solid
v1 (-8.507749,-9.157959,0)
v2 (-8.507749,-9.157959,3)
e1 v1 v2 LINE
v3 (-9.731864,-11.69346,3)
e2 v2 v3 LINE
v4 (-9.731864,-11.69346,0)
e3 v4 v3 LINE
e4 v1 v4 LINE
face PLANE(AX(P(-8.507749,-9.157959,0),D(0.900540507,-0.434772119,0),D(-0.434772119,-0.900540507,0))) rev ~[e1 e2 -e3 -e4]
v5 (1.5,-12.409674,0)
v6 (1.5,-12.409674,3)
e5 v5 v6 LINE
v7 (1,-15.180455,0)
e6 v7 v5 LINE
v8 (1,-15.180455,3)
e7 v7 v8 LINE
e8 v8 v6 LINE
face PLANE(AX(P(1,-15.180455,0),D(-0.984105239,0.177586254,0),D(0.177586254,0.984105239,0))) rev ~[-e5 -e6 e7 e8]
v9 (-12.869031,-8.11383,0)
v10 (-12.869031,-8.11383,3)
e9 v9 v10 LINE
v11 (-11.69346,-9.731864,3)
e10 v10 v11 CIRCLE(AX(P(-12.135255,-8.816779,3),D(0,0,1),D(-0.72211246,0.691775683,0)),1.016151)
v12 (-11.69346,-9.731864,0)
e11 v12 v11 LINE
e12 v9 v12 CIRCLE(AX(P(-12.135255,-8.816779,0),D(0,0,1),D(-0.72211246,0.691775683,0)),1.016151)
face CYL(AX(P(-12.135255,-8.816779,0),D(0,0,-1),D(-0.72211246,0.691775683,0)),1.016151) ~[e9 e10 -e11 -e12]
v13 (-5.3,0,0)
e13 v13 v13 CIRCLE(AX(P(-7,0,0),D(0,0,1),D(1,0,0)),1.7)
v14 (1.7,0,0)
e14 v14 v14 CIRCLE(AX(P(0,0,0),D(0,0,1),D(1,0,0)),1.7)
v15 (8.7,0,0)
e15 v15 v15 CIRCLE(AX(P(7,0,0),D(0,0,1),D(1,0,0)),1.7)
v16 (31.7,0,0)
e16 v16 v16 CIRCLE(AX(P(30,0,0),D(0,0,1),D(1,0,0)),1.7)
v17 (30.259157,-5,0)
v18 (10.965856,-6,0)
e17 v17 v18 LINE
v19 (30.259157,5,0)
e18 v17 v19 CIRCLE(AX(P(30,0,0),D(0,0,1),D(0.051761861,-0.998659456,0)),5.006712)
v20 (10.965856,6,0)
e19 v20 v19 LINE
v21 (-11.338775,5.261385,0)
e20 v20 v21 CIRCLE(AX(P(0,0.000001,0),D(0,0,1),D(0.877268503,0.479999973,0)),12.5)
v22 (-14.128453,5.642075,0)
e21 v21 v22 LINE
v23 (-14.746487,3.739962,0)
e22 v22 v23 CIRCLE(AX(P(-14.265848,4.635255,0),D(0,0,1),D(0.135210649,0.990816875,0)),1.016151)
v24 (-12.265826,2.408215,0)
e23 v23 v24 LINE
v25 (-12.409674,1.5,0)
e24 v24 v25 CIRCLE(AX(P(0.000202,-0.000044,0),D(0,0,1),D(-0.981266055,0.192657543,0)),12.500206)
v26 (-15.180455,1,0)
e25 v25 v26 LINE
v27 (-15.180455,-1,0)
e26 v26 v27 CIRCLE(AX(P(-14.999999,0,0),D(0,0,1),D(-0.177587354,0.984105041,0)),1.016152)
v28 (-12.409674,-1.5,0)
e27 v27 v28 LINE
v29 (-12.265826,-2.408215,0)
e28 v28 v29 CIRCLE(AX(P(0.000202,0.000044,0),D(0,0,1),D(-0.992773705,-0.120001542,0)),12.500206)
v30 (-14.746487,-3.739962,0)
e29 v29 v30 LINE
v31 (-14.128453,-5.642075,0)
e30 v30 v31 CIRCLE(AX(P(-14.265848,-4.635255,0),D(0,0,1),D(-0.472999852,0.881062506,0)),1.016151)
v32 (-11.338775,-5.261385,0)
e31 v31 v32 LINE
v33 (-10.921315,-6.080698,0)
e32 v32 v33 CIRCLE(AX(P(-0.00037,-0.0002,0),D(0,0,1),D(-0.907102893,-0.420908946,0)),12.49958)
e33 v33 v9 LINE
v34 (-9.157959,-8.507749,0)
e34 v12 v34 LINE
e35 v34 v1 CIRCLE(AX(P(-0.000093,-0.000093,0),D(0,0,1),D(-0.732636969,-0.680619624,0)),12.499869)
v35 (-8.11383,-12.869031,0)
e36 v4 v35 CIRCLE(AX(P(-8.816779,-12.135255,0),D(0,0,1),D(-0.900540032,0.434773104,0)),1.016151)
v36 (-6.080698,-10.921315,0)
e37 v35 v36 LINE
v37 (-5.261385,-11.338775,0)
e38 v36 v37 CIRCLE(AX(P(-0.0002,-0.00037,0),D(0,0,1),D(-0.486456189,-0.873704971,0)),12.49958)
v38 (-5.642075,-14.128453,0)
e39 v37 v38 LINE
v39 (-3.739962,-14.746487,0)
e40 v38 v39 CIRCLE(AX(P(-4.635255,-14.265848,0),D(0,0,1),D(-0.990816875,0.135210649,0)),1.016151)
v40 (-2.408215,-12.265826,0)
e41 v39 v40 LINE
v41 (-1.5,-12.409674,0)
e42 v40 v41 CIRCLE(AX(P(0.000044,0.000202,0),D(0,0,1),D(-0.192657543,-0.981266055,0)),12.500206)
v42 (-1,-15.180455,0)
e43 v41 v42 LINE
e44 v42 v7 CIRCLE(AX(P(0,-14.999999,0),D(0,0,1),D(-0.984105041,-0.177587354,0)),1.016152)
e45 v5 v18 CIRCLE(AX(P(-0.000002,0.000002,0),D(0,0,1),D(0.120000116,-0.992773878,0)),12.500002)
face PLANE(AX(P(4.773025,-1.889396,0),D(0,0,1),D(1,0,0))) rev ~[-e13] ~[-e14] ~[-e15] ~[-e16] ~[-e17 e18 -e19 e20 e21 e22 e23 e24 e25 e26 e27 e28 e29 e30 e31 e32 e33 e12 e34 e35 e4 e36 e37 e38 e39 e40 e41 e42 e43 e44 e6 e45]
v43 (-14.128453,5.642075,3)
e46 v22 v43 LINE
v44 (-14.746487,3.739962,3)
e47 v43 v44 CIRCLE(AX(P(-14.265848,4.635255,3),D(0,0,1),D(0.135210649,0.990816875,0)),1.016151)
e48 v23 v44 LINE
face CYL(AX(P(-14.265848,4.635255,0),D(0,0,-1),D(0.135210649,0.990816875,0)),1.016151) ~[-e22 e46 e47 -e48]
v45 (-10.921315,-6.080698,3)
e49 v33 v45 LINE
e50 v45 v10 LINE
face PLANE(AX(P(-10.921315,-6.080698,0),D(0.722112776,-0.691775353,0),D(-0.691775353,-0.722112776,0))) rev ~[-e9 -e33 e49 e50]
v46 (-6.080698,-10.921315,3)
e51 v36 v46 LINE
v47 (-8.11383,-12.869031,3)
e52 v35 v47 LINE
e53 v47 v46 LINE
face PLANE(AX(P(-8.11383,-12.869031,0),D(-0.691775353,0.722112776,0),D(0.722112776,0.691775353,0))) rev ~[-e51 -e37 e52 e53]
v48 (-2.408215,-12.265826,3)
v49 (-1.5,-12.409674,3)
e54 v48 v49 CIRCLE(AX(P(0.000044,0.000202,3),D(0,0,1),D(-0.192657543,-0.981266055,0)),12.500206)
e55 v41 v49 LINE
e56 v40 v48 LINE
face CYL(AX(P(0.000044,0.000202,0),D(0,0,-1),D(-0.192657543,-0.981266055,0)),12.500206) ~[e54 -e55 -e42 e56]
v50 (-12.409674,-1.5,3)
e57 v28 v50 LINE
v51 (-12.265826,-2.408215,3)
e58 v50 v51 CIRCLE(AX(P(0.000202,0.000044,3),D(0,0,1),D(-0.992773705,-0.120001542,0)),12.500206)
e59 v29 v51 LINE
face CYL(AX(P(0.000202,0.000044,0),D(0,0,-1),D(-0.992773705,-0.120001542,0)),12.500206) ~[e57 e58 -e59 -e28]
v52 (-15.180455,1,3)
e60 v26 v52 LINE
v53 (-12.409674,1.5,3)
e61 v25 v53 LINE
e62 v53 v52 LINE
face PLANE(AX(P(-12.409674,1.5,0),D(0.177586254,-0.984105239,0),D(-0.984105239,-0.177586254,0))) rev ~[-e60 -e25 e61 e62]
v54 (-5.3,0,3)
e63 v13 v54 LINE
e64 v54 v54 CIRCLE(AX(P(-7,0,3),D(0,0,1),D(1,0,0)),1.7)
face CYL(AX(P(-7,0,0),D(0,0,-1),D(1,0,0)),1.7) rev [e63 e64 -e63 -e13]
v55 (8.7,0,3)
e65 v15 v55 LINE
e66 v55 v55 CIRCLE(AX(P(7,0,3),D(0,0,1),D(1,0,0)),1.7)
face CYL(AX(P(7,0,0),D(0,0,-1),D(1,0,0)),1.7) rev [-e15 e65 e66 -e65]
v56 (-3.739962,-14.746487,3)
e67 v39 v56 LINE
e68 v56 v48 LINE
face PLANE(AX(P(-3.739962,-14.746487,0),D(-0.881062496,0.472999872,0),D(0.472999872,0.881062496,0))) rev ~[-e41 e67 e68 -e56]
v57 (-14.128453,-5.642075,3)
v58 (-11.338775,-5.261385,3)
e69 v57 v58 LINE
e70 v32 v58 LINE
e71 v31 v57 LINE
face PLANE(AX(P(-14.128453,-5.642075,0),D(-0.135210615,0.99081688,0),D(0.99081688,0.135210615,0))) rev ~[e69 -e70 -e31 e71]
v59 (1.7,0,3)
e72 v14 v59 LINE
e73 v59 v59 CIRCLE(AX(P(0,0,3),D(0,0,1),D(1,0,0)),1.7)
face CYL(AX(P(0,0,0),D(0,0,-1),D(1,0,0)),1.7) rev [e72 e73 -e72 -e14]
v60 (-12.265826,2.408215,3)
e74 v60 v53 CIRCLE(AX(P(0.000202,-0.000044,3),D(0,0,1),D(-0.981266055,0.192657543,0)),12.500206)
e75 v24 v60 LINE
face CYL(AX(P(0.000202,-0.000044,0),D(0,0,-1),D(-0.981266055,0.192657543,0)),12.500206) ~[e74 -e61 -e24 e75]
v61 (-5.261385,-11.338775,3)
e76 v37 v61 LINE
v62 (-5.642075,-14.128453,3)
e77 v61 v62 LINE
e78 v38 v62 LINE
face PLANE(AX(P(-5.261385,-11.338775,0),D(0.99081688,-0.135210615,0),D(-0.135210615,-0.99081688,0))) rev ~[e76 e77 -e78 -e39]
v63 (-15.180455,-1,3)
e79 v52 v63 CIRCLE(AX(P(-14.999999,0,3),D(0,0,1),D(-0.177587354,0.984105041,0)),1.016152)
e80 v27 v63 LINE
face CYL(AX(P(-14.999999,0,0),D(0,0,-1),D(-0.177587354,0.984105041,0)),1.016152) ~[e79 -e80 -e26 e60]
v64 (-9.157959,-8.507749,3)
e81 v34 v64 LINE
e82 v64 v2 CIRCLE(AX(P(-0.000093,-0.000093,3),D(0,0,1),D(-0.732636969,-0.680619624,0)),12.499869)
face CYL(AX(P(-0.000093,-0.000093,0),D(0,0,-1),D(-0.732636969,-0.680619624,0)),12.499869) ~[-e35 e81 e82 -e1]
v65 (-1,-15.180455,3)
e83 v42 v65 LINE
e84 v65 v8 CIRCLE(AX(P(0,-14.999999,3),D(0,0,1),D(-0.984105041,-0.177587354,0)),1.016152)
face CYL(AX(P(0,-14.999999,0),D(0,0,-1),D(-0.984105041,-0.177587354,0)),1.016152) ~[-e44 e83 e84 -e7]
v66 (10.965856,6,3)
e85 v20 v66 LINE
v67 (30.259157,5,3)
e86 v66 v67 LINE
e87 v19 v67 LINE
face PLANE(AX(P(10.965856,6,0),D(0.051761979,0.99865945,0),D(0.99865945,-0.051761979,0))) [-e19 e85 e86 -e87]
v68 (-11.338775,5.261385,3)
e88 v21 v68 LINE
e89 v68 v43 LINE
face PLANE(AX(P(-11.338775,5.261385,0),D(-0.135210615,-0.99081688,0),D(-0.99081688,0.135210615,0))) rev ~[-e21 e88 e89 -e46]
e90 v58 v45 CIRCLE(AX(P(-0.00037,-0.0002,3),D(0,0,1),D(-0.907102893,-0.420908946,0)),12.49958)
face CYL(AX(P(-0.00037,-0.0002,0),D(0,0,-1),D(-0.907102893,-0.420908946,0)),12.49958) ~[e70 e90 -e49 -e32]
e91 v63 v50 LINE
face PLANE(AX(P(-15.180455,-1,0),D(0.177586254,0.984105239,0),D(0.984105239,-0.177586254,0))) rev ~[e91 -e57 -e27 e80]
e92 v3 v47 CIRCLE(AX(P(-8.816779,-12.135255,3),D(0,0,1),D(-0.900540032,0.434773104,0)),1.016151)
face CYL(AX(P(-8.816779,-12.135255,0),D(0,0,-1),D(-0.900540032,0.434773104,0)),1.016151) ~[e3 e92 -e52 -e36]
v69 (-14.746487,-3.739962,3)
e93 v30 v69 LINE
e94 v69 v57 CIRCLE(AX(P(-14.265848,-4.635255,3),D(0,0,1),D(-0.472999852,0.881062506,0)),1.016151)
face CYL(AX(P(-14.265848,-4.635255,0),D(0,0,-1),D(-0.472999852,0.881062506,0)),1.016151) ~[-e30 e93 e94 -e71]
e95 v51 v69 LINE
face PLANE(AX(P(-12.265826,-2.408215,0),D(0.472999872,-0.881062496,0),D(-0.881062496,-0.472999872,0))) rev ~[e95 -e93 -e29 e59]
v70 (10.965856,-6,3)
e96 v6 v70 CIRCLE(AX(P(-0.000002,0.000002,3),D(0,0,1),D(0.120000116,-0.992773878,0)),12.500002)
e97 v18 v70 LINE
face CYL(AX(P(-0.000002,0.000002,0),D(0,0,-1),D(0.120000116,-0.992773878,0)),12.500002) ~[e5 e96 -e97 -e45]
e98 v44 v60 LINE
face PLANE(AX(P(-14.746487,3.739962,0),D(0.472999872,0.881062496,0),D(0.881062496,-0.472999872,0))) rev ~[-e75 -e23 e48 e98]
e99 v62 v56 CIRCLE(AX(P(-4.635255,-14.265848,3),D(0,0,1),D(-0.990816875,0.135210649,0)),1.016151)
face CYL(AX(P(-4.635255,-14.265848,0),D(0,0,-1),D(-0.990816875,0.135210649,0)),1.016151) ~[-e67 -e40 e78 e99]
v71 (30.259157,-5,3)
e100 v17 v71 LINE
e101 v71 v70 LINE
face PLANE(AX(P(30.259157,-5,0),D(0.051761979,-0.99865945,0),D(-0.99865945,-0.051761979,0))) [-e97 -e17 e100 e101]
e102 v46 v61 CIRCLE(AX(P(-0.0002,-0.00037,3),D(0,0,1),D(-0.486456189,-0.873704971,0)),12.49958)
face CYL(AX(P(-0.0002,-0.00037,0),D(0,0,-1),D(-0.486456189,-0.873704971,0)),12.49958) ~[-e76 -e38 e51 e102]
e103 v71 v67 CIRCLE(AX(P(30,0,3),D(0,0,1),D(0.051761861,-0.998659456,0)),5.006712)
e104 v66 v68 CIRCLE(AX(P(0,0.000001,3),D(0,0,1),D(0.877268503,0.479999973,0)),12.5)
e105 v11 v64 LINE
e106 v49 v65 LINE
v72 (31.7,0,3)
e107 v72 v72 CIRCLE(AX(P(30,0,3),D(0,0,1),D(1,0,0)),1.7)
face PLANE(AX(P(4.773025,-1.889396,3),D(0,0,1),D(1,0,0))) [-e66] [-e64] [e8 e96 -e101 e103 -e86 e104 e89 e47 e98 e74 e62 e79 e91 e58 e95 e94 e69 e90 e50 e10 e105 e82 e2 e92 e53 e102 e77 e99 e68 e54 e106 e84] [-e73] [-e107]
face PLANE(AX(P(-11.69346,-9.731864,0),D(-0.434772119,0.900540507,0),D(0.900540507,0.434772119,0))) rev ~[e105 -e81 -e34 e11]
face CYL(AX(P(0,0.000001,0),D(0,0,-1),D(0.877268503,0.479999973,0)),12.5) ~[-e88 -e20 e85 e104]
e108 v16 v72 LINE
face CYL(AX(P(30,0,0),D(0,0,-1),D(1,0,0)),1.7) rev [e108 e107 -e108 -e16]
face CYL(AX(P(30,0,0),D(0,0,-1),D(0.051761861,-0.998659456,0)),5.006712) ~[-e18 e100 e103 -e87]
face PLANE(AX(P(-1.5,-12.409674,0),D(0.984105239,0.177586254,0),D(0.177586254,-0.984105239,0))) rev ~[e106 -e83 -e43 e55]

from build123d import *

# Parameters (mm, degrees)
SKETCH_R  = 1.7
PAD_DEPTH = 3


with BuildPart() as part:
    # Sketch → Pad (new body)
    with BuildSketch(Plane.XY):
        with BuildLine():
            ThreePointArc((-11.338775, -5.261385), (-11.137582, -5.674881), (-10.921315, -6.080698))
            Line((-10.921315, -6.080698), (-12.869031, -8.11383))
            ThreePointArc((-12.869031, -8.11383), (-12.957339, -9.414058), (-11.69346, -9.731864))
            Line((-11.69346, -9.731864), (-9.157959, -8.507749))
            ThreePointArc((-9.157959, -8.507749), (-8.838835, -8.838835), (-8.507749, -9.157959))
            Line((-8.507749, -9.157959), (-9.731864, -11.69346))
            ThreePointArc((-9.731864, -11.69346), (-9.414058, -12.957339), (-8.11383, -12.869031))
            Line((-8.11383, -12.869031), (-6.080698, -10.921315))
            ThreePointArc((-6.080698, -10.921315), (-5.674881, -11.137582), (-5.261385, -11.338775))
            Line((-5.261385, -11.338775), (-5.642075, -14.128453))
            ThreePointArc((-5.642075, -14.128453), (-4.949263, -15.232265), (-3.739962, -14.746487))
            Line((-3.739962, -14.746487), (-2.408215, -12.265826))
            ThreePointArc((-2.408215, -12.265826), (-1.955431, -12.346104), (-1.5, -12.409674))
            Line((-1.5, -12.409674), (-1, -15.180455))
            ThreePointArc((-1, -15.180455), (0, -16.016151), (1, -15.180455))
            Line((1, -15.180455), (1.5, -12.409674))
            ThreePointArc((1.5, -12.409674), (7.008593, -10.350344), (10.965856, -6))
            Line((30.259157, -5), (10.965856, -6))
            ThreePointArc((30.259157, -5), (35.006712, 0), (30.259157, 5))
            Line((10.965856, 6), (30.259157, 5))
            ThreePointArc((10.965856, 6), (-0.413709, 12.493152), (-11.338775, 5.261385))
            Line((-11.338775, 5.261385), (-14.128453, 5.642075))
            ThreePointArc((-14.128453, 5.642075), (-15.232265, 4.949263), (-14.746487, 3.739962))
            Line((-14.746487, 3.739962), (-12.265826, 2.408215))
            ThreePointArc((-12.265826, 2.408215), (-12.346104, 1.955431), (-12.409674, 1.5))
            Line((-12.409674, 1.5), (-15.180455, 1))
            ThreePointArc((-15.180455, 1), (-16.016151, 0), (-15.180455, -1))
            Line((-15.180455, -1), (-12.409674, -1.5))
            ThreePointArc((-12.409674, -1.5), (-12.346104, -1.955431), (-12.265826, -2.408215))
            Line((-12.265826, -2.408215), (-14.746487, -3.739962))
            ThreePointArc((-14.746487, -3.739962), (-15.232265, -4.949263), (-14.128453, -5.642075))
            Line((-14.128453, -5.642075), (-11.338775, -5.261385))
        make_face()
        Circle(SKETCH_R, mode=Mode.SUBTRACT)
        with Locations((7, 0)):
            Circle(SKETCH_R, mode=Mode.SUBTRACT)
        with Locations((-7, 0)):
            Circle(SKETCH_R, mode=Mode.SUBTRACT)
        with Locations((30, 0)):
            Circle(SKETCH_R, mode=Mode.SUBTRACT)
    extrude(amount=PAD_DEPTH)


solid = part.part
